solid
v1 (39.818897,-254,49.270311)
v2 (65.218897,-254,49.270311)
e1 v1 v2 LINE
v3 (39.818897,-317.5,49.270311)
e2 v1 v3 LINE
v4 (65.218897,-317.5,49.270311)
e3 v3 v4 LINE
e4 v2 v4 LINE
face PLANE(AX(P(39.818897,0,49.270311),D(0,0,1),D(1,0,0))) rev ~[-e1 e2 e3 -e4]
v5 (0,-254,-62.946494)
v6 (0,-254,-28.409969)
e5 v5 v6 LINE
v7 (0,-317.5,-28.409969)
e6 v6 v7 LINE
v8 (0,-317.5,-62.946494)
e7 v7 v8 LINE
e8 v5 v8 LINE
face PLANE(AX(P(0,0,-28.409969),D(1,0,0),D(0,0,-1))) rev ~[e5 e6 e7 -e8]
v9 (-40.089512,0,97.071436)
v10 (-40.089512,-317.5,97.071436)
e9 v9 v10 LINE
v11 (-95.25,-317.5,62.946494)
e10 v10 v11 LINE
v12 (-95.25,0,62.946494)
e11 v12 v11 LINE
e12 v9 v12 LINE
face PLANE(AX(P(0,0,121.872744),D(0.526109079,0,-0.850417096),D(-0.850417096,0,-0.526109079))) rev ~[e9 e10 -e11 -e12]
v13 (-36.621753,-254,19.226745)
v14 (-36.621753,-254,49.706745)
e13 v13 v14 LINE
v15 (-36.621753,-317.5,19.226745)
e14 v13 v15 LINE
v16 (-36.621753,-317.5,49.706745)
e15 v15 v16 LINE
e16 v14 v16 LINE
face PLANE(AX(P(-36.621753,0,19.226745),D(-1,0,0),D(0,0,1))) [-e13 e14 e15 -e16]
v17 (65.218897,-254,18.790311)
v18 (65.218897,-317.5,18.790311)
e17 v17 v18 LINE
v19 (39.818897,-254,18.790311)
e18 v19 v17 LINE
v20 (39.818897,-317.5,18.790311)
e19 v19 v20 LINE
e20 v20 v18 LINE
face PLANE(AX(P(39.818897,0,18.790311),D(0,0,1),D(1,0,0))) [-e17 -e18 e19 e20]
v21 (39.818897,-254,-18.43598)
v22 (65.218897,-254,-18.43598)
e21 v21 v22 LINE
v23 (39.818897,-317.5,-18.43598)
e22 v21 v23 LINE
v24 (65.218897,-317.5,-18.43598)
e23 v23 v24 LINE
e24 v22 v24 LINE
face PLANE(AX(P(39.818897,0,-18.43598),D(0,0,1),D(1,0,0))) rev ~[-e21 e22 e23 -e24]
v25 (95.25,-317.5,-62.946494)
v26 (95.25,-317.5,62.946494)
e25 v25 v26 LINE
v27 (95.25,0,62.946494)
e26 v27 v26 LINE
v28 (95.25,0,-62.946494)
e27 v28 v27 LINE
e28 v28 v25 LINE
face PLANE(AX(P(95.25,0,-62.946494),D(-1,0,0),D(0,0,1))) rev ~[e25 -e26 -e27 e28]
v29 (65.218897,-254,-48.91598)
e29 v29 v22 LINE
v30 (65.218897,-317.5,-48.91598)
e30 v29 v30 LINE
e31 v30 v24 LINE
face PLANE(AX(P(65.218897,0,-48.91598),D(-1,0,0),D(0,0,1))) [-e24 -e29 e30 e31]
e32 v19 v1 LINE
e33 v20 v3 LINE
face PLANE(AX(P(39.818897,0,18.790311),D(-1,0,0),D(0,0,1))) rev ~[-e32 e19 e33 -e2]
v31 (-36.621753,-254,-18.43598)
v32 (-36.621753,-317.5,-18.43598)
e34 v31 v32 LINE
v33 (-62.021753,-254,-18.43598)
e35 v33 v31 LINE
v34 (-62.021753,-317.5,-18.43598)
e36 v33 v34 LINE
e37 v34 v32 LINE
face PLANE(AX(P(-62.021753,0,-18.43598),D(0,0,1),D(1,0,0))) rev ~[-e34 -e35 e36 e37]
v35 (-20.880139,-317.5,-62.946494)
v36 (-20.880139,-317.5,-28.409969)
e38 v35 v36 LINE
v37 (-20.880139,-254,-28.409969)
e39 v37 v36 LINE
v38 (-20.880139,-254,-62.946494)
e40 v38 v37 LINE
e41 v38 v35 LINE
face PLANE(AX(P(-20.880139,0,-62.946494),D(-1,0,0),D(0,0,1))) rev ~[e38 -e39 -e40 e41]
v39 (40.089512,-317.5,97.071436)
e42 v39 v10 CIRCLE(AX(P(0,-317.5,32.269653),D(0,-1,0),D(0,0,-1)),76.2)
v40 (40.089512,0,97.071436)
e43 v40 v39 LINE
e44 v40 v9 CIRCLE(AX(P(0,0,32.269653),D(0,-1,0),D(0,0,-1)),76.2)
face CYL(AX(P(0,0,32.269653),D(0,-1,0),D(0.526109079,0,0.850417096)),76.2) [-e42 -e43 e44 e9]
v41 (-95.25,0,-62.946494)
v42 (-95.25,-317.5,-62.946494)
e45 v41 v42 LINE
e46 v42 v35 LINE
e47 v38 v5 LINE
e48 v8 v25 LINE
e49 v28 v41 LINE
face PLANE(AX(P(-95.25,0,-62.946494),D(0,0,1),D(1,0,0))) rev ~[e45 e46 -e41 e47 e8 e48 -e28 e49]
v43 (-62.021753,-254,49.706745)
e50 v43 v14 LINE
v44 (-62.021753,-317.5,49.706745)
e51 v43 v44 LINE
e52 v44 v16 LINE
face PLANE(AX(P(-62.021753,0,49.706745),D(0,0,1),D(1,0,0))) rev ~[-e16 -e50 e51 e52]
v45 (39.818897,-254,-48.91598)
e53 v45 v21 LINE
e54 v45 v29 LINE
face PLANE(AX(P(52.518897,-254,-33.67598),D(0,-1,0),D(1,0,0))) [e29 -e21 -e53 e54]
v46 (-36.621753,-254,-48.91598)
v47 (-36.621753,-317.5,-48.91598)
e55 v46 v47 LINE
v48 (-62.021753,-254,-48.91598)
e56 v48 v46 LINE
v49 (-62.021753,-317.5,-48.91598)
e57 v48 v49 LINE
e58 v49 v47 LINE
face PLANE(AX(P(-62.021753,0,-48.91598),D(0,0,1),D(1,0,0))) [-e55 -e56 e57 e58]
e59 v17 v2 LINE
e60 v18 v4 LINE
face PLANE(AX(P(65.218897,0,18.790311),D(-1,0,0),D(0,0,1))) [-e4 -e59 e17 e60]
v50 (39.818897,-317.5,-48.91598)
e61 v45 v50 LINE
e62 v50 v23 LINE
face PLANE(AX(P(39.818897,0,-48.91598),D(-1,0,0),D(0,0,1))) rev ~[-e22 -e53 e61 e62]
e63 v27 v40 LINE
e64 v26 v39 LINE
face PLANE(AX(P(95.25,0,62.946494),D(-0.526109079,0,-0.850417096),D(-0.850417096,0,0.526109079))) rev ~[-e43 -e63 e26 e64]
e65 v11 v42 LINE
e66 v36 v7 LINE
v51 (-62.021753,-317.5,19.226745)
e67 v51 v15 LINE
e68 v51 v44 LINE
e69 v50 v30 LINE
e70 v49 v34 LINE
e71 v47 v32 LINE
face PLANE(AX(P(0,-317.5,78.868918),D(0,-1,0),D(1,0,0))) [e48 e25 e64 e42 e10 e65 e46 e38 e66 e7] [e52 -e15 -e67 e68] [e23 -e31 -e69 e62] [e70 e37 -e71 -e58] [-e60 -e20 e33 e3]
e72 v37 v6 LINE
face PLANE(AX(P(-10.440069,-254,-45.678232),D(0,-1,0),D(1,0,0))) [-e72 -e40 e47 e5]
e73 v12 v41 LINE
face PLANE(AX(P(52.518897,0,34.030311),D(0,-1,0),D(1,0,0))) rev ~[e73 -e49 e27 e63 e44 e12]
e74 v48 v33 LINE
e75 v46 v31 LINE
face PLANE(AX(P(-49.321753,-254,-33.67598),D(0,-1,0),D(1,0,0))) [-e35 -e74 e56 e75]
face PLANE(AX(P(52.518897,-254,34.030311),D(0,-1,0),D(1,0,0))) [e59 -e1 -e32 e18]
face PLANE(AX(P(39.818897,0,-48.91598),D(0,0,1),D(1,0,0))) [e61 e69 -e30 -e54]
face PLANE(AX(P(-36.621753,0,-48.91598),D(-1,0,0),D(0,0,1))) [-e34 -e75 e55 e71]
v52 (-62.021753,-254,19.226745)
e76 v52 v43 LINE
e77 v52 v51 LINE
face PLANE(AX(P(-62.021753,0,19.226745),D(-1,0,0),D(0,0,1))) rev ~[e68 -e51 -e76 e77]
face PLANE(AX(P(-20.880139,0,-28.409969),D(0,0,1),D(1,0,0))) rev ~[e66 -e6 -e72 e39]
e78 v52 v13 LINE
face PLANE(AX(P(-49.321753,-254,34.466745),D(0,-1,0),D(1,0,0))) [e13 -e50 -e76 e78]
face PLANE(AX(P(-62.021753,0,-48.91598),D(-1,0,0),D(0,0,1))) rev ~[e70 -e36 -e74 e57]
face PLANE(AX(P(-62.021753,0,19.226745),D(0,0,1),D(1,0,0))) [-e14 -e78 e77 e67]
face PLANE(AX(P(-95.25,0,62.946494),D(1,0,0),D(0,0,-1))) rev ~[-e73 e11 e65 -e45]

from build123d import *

# Parameters (mm, degrees)
F0_W     = 25.4
F0_H     = 30.48
F1_DEPTH = 317.5
F0_W_2   = 20.8801385015
F0_H_2   = 34.5365251615
F2_DEPTH = 254
F3_R     = 76.2


with BuildPart() as f1:
    # F0 (on Front) → F1 (new body)
    with BuildSketch(Plane.XZ):
        Polygon((0, 121.8727435376), (-95.25, 62.9464942231), (95.25, 62.9464942231), align=None)
        Polygon((95.25, 62.9464942231), (-95.25, 62.9464942231), (-95.25, -62.9464942231), (-20.8801385015, -62.9464942231), (-20.8801385015, -28.4099690616), (0, -28.4099690616), (0, -62.9464942231), (95.25, -62.9464942231), align=None)
        with Locations((-49.3217527476, -33.6759798229)):
            Rectangle(F0_W, F0_H, mode=Mode.SUBTRACT)
        with Locations((52.5188967586, -33.6759798229)):
            Rectangle(F0_W, F0_H, mode=Mode.SUBTRACT)
        with Locations((-49.3217527476, 34.4667454919)):
            Rectangle(F0_W, F0_H, mode=Mode.SUBTRACT)
        with Locations((52.5188967586, 34.0303108096)):
            Rectangle(F0_W, F0_H, mode=Mode.SUBTRACT)
    extrude(amount=F1_DEPTH)

    # F0 (on Front) → F2 (join)
    with BuildSketch(Plane.XZ):
        with Locations((52.5188967586, 34.0303108096)):
            Rectangle(F0_W, F0_H)
        with Locations((-49.3217527476, 34.4667454919)):
            Rectangle(F0_W, F0_H)
        with Locations((52.5188967586, -33.6759798229)):
            Rectangle(F0_W, F0_H)
        with Locations((-49.3217527476, -33.6759798229)):
            Rectangle(F0_W, F0_H)
        with Locations((-10.4400692508, -45.6782316424)):
            Rectangle(F0_W_2, F0_H_2)
    extrude(amount=F2_DEPTH)

    # F3
    f3_edges = [f1.edges().sort_by_distance(p)[0] for p in [
        (0, -158.75, 121.872744),
    ]]
    fillet(f3_edges, radius=F3_R)


solid = f1.part
